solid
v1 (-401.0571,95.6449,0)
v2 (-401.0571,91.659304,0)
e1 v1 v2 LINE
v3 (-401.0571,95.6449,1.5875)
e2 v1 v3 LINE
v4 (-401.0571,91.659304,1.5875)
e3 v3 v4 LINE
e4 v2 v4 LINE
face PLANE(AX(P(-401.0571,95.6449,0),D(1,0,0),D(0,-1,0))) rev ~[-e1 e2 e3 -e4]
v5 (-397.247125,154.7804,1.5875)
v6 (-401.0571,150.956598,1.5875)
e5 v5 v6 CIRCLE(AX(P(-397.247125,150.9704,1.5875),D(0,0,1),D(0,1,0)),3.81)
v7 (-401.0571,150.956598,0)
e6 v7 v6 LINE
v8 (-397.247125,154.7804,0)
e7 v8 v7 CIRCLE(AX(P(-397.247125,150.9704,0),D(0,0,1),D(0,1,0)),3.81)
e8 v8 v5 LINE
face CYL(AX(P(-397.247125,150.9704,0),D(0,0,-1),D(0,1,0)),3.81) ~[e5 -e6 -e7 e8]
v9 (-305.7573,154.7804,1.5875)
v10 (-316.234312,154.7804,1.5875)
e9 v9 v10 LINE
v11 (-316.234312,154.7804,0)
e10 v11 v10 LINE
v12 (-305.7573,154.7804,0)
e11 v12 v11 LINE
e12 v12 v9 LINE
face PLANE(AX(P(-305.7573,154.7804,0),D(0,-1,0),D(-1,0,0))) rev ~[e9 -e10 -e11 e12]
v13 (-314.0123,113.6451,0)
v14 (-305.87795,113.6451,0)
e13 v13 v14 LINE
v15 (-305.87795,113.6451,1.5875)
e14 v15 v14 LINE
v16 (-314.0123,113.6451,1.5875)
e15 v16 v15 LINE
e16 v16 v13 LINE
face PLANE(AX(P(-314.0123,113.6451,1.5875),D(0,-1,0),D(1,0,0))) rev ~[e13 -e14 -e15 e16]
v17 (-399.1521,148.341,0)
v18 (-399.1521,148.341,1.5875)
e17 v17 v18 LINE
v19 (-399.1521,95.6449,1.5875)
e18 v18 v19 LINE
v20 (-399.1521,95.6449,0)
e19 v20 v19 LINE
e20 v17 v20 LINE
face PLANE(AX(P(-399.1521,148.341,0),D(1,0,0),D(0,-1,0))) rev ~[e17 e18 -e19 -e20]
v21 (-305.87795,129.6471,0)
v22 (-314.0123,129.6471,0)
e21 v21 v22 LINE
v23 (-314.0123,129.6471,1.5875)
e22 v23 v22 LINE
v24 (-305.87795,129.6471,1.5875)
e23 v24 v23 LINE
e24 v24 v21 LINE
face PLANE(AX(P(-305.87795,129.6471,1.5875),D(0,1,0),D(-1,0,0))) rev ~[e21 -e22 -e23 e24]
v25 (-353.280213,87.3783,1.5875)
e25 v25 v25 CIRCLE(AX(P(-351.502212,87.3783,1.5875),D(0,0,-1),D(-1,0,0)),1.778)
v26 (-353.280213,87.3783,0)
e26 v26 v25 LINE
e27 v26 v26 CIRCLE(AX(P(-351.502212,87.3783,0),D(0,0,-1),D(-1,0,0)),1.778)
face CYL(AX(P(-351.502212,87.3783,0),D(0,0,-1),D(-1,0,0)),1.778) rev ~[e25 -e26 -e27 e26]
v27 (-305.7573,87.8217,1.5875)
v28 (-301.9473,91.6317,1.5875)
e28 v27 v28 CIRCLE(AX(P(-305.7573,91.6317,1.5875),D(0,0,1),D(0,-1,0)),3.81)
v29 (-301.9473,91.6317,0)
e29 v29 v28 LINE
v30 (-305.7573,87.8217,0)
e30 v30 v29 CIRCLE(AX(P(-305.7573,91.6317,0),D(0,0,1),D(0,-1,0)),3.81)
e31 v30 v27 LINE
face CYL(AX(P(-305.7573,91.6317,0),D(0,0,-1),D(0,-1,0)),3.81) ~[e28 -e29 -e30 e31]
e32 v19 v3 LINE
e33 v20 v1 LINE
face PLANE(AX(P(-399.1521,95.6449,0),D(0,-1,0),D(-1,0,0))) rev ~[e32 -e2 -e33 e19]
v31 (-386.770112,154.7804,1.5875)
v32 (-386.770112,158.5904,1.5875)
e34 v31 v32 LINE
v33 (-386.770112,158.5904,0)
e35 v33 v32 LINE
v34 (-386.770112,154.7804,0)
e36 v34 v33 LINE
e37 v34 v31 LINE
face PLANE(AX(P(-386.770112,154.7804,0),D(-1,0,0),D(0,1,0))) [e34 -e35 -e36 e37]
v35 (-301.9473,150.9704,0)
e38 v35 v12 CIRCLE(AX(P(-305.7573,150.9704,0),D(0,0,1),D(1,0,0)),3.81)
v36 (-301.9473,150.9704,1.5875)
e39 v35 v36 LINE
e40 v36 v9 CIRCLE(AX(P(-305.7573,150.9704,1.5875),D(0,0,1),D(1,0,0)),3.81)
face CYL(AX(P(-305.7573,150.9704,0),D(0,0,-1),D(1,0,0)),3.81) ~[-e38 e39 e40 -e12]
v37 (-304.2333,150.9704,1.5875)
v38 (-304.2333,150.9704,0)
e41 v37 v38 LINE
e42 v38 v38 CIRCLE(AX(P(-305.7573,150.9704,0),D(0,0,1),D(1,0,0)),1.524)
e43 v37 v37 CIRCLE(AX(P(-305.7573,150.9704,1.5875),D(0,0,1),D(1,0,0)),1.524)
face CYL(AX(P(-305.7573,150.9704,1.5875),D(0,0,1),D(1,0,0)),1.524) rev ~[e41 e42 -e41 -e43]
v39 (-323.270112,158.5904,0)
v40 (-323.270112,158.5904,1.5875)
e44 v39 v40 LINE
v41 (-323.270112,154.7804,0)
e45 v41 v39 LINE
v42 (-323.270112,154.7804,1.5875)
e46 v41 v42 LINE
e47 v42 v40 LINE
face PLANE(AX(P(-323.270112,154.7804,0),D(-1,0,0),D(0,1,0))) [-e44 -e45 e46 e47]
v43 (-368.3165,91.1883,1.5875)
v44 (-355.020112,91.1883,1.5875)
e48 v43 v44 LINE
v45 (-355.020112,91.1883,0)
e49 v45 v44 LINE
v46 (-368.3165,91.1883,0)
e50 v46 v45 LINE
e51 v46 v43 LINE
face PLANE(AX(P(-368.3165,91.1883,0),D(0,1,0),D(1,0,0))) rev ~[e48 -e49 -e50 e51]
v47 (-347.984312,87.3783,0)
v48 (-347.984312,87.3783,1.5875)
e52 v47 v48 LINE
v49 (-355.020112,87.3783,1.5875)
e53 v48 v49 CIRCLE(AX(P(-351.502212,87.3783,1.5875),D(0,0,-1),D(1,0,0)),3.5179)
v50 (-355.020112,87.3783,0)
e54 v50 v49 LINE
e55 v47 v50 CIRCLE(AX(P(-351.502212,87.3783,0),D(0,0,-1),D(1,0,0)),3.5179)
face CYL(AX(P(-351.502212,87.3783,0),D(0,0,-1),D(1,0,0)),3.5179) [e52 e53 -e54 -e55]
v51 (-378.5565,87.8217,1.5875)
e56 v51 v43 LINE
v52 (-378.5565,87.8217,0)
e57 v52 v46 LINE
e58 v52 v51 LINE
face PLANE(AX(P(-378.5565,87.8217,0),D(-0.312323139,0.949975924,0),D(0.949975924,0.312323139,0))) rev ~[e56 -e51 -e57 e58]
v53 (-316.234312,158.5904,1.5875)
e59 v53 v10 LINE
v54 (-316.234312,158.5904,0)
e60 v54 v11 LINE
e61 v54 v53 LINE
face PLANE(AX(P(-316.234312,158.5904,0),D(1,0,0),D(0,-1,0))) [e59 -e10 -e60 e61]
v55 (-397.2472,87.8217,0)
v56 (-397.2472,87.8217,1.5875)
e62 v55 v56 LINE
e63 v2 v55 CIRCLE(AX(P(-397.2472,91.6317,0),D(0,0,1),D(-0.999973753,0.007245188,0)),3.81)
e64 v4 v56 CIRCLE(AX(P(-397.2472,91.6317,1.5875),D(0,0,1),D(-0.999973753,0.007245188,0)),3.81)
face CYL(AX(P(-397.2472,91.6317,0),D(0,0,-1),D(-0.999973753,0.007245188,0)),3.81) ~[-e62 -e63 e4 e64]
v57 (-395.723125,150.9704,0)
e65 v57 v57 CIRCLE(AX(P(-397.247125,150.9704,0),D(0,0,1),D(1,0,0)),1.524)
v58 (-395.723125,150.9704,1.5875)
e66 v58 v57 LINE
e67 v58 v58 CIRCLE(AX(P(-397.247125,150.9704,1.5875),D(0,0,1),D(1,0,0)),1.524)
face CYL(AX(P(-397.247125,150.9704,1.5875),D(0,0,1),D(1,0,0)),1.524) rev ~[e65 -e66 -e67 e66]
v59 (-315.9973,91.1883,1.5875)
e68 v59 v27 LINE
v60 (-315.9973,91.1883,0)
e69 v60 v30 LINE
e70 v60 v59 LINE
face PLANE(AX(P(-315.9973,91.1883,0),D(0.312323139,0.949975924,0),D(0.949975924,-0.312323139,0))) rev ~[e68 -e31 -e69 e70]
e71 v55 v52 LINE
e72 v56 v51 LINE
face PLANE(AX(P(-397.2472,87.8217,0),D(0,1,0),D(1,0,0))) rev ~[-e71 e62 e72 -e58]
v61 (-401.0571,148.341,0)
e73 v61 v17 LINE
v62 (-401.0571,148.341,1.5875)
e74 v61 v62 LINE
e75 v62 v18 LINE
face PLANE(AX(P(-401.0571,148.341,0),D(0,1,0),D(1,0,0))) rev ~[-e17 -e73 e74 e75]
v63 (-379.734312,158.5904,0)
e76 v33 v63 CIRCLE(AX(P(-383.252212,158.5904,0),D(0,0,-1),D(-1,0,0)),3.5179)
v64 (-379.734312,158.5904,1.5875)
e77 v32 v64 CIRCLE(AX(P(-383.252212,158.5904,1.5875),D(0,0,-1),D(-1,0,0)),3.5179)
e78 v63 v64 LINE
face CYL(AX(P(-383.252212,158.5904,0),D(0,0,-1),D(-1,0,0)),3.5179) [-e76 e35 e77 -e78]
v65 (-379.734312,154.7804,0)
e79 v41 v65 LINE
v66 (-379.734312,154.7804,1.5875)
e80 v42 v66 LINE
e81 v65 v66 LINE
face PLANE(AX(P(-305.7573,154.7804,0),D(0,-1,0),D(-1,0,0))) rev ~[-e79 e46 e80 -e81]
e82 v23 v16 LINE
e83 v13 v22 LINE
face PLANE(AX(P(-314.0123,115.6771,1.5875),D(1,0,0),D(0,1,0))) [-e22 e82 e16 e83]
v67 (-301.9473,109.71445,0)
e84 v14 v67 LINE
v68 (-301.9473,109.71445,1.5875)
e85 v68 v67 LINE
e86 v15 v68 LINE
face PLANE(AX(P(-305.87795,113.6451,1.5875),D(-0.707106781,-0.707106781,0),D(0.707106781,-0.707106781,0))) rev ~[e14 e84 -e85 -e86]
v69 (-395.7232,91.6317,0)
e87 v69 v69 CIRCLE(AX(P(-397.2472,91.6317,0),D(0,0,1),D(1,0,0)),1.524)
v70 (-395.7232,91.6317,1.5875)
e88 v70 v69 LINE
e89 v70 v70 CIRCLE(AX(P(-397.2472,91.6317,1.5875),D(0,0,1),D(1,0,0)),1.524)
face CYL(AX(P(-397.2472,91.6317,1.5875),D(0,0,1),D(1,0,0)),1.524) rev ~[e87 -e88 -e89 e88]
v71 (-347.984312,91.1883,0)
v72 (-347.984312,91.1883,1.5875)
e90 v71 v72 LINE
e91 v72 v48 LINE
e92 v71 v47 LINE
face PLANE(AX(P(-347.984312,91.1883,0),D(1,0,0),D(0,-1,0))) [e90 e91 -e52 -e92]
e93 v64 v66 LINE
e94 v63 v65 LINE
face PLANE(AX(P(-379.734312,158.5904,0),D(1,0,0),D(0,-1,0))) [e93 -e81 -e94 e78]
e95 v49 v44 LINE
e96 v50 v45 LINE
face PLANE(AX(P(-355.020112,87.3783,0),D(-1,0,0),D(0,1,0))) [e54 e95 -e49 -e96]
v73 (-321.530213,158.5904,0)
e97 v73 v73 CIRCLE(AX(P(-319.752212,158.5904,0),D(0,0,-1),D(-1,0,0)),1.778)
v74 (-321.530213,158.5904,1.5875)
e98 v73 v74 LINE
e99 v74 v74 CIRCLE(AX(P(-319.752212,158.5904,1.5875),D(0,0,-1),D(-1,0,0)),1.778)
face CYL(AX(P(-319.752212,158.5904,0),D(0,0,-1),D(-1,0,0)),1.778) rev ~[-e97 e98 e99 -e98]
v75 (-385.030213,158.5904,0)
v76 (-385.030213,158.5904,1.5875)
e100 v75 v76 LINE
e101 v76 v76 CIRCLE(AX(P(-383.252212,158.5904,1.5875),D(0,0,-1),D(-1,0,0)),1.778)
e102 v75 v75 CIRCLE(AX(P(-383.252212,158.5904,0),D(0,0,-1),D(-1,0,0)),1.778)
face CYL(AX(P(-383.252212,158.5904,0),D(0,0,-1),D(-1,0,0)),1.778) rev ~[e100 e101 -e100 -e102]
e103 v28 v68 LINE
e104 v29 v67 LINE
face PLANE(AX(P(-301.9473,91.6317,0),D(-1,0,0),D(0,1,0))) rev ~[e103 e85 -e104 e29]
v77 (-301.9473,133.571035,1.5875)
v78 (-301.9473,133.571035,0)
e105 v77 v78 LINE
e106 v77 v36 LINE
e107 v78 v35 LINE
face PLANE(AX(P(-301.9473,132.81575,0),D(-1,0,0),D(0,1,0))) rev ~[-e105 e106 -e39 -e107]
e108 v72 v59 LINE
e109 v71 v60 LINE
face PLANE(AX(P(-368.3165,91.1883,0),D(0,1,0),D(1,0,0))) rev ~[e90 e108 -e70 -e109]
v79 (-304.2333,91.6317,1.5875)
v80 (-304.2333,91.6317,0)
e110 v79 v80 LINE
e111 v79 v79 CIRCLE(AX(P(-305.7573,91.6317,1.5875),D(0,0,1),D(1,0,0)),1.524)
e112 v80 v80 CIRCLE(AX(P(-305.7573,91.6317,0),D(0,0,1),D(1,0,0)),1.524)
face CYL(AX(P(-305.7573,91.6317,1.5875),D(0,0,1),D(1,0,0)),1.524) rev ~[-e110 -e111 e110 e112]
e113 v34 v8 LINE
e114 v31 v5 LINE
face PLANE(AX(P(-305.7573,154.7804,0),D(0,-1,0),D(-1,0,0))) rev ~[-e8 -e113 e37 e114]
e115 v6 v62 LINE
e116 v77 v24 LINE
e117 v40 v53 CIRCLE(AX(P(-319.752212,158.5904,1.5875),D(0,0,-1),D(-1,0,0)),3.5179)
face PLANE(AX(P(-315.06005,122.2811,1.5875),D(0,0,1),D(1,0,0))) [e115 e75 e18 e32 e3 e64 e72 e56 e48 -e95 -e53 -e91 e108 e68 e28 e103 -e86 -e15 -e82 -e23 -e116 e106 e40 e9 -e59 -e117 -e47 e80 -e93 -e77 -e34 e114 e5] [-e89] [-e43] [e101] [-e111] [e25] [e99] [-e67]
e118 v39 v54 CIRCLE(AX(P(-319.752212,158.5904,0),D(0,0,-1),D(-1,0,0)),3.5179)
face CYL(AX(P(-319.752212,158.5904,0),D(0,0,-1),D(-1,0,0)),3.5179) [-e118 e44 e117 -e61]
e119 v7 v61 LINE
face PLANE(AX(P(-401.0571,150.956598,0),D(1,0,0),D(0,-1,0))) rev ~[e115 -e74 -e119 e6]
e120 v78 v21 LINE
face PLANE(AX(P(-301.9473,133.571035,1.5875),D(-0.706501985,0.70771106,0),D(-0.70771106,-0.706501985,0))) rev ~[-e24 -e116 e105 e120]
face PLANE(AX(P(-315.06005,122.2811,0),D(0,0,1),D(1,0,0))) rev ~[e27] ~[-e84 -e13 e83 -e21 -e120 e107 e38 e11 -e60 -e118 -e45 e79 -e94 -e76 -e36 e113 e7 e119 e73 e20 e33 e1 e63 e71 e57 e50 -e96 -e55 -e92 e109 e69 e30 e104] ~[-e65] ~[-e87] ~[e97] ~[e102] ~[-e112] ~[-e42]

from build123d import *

# Parameters (mm, degrees)
SKETCH1_R           = 1.355900406
BOSS_EXTRUDE1_DEPTH = 1.5875
SKETCH3_R           = 1.524
CUT_EXTRUDE1_DEPTH  = 430.891114182
SKETCH5_W           = 2.0955
SKETCH5_H           = 13.208
BOSS_EXTRUDE3_DEPTH = 1.5875
CUT_EXTRUDE2_DEPTH  = 430.891114182
SKETCH6_R           = 1.778
BOSS_EXTRUDE4_DEPTH = 1.5875


with BuildPart() as part:
    # Sketch1 → Boss-Extrude1 (new body)
    with BuildSketch(Plane.XY):
        with BuildLine():
            Line((-301.9473, 111.74645), (-305.87795, 115.6771))
            Line((-305.87795, 115.6771), (-316.1078, 115.6771))
            Line((-316.1078, 115.6771), (-316.1078, 128.8851))
            Line((-316.1078, 128.8851), (-305.87795, 128.8851))
            Line((-305.87795, 128.8851), (-301.9473, 132.81575))
            Line((-301.9473, 132.81575), (-301.9473, 150.9704))
            ThreePointArc((-301.9473, 150.9704), (-303.063223164, 153.664476836), (-305.7573, 154.7804))
            Line((-305.7573, 154.7804), (-397.247125, 154.7804))
            ThreePointArc((-397.247125, 154.7804), (-399.946077222, 153.659592612), (-401.0571, 150.956597849))
            Line((-401.0571, 150.956597849), (-401.0571, 148.341))
            Line((-401.0571, 148.341), (-399.1521, 148.341))
            Line((-399.1521, 148.341), (-399.1521, 95.6449))
            Line((-399.1521, 95.6449), (-401.0571, 95.6449))
            Line((-401.0571, 95.6449), (-401.0571, 91.659304166))
            ThreePointArc((-401.0571, 91.659304166), (-399.951018769, 88.947400452), (-397.2472, 87.8217))
            Line((-397.2472, 87.8217), (-378.5565, 87.8217))
            Line((-378.5565, 87.8217), (-368.3165, 91.1883))
            Line((-368.3165, 91.1883), (-315.9973, 91.1883))
            Line((-315.9973, 91.1883), (-305.7573, 87.8217))
            ThreePointArc((-305.7573, 87.8217), (-303.063223164, 88.937623164), (-301.9473, 91.6317))
            Line((-301.9473, 91.6317), (-301.9473, 111.74645))
        make_face()
        with Locations((-305.7573, 91.6317)):
            Circle(SKETCH1_R, mode=Mode.SUBTRACT)
        with Locations((-305.7573, 150.9704)):
            Circle(SKETCH1_R, mode=Mode.SUBTRACT)
        with Locations((-397.247125, 150.9704)):
            Circle(SKETCH1_R, mode=Mode.SUBTRACT)
        with Locations((-397.2472, 91.6317)):
            Circle(SKETCH1_R, mode=Mode.SUBTRACT)
    extrude(amount=BOSS_EXTRUDE1_DEPTH)

    # Sketch3 → Cut-Extrude1 (cut, through all)
    with BuildSketch(Plane.XY.offset(1.5875)):
        with Locations((-397.247125, 150.9704)):
            Circle(SKETCH3_R)
        with Locations((-305.7573, 150.9704)):
            Circle(SKETCH3_R)
        with Locations((-305.7573, 91.6317)):
            Circle(SKETCH3_R)
        with Locations((-397.2472, 91.6317)):
            Circle(SKETCH3_R)
    extrude(amount=-CUT_EXTRUDE1_DEPTH, mode=Mode.SUBTRACT)

    # Sketch5 → Boss-Extrude3 (add)
    with BuildSketch(Plane.XY.offset(1.5875)):
        with Locations((-315.06005, 122.2811)):
            Rectangle(SKETCH5_W, SKETCH5_H)
    extrude(amount=-BOSS_EXTRUDE3_DEPTH)

    # Sketch4 → Cut-Extrude2 (cut, through all)
    with BuildSketch(Plane.XY.offset(1.5875)):
        Polygon((-301.9473, 133.571034757), (-305.87795, 129.6471), (-314.0123, 129.6471), (-314.0123, 113.6451), (-305.87795, 113.6451), (-301.9473, 109.71445), align=None)
    extrude(amount=-CUT_EXTRUDE2_DEPTH, mode=Mode.SUBTRACT)

    # Sketch6 → Boss-Extrude4 (add)
    # profile 1 of 3: a face of its own
    with BuildSketch(Plane(origin=(0, 0, 0), x_dir=(-1, 0, 0), z_dir=(0, 0, -1))):
        with BuildLine():
            Line((386.7701125, 154.7804), (386.7701125, 158.5904))
            ThreePointArc((386.7701125, 158.5904), (383.2522125, 162.1083), (379.7343125, 158.5904))
            Line((379.7343125, 158.5904), (379.7343125, 154.7804))
            Line((379.7343125, 154.7804), (386.7701125, 154.7804))
        make_face()
        with Locations((383.2522125, 158.5904)):
            Circle(SKETCH6_R, mode=Mode.SUBTRACT)
    # profile 2 of 3: a face of its own
    with BuildSketch(Plane(origin=(0, 0, 0), x_dir=(-1, 0, 0), z_dir=(0, 0, -1))):
        with BuildLine():
            Line((347.9843125, 91.1883), (347.9843125, 87.3783))
            ThreePointArc((347.9843125, 87.3783), (351.5022125, 83.8604), (355.0201125, 87.3783))
            Line((355.0201125, 87.3783), (355.0201125, 91.1883))
            Line((355.0201125, 91.1883), (347.9843125, 91.1883))
        make_face()
        with Locations((351.5022125, 87.3783)):
            Circle(SKETCH6_R, mode=Mode.SUBTRACT)
    # profile 3 of 3: a face of its own
    with BuildSketch(Plane(origin=(0, 0, 0), x_dir=(-1, 0, 0), z_dir=(0, 0, -1))):
        with BuildLine():
            Line((316.2343125, 158.5904), (316.2343125, 154.7804))
            Line((316.2343125, 154.7804), (323.2701125, 154.7804))
            Line((323.2701125, 154.7804), (323.2701125, 158.5904))
            ThreePointArc((323.2701125, 158.5904), (319.7522125, 162.1083), (316.2343125, 158.5904))
        make_face()
        with Locations((319.7522125, 158.5904)):
            Circle(SKETCH6_R, mode=Mode.SUBTRACT)
    extrude(amount=-BOSS_EXTRUDE4_DEPTH)


solid = part.part
